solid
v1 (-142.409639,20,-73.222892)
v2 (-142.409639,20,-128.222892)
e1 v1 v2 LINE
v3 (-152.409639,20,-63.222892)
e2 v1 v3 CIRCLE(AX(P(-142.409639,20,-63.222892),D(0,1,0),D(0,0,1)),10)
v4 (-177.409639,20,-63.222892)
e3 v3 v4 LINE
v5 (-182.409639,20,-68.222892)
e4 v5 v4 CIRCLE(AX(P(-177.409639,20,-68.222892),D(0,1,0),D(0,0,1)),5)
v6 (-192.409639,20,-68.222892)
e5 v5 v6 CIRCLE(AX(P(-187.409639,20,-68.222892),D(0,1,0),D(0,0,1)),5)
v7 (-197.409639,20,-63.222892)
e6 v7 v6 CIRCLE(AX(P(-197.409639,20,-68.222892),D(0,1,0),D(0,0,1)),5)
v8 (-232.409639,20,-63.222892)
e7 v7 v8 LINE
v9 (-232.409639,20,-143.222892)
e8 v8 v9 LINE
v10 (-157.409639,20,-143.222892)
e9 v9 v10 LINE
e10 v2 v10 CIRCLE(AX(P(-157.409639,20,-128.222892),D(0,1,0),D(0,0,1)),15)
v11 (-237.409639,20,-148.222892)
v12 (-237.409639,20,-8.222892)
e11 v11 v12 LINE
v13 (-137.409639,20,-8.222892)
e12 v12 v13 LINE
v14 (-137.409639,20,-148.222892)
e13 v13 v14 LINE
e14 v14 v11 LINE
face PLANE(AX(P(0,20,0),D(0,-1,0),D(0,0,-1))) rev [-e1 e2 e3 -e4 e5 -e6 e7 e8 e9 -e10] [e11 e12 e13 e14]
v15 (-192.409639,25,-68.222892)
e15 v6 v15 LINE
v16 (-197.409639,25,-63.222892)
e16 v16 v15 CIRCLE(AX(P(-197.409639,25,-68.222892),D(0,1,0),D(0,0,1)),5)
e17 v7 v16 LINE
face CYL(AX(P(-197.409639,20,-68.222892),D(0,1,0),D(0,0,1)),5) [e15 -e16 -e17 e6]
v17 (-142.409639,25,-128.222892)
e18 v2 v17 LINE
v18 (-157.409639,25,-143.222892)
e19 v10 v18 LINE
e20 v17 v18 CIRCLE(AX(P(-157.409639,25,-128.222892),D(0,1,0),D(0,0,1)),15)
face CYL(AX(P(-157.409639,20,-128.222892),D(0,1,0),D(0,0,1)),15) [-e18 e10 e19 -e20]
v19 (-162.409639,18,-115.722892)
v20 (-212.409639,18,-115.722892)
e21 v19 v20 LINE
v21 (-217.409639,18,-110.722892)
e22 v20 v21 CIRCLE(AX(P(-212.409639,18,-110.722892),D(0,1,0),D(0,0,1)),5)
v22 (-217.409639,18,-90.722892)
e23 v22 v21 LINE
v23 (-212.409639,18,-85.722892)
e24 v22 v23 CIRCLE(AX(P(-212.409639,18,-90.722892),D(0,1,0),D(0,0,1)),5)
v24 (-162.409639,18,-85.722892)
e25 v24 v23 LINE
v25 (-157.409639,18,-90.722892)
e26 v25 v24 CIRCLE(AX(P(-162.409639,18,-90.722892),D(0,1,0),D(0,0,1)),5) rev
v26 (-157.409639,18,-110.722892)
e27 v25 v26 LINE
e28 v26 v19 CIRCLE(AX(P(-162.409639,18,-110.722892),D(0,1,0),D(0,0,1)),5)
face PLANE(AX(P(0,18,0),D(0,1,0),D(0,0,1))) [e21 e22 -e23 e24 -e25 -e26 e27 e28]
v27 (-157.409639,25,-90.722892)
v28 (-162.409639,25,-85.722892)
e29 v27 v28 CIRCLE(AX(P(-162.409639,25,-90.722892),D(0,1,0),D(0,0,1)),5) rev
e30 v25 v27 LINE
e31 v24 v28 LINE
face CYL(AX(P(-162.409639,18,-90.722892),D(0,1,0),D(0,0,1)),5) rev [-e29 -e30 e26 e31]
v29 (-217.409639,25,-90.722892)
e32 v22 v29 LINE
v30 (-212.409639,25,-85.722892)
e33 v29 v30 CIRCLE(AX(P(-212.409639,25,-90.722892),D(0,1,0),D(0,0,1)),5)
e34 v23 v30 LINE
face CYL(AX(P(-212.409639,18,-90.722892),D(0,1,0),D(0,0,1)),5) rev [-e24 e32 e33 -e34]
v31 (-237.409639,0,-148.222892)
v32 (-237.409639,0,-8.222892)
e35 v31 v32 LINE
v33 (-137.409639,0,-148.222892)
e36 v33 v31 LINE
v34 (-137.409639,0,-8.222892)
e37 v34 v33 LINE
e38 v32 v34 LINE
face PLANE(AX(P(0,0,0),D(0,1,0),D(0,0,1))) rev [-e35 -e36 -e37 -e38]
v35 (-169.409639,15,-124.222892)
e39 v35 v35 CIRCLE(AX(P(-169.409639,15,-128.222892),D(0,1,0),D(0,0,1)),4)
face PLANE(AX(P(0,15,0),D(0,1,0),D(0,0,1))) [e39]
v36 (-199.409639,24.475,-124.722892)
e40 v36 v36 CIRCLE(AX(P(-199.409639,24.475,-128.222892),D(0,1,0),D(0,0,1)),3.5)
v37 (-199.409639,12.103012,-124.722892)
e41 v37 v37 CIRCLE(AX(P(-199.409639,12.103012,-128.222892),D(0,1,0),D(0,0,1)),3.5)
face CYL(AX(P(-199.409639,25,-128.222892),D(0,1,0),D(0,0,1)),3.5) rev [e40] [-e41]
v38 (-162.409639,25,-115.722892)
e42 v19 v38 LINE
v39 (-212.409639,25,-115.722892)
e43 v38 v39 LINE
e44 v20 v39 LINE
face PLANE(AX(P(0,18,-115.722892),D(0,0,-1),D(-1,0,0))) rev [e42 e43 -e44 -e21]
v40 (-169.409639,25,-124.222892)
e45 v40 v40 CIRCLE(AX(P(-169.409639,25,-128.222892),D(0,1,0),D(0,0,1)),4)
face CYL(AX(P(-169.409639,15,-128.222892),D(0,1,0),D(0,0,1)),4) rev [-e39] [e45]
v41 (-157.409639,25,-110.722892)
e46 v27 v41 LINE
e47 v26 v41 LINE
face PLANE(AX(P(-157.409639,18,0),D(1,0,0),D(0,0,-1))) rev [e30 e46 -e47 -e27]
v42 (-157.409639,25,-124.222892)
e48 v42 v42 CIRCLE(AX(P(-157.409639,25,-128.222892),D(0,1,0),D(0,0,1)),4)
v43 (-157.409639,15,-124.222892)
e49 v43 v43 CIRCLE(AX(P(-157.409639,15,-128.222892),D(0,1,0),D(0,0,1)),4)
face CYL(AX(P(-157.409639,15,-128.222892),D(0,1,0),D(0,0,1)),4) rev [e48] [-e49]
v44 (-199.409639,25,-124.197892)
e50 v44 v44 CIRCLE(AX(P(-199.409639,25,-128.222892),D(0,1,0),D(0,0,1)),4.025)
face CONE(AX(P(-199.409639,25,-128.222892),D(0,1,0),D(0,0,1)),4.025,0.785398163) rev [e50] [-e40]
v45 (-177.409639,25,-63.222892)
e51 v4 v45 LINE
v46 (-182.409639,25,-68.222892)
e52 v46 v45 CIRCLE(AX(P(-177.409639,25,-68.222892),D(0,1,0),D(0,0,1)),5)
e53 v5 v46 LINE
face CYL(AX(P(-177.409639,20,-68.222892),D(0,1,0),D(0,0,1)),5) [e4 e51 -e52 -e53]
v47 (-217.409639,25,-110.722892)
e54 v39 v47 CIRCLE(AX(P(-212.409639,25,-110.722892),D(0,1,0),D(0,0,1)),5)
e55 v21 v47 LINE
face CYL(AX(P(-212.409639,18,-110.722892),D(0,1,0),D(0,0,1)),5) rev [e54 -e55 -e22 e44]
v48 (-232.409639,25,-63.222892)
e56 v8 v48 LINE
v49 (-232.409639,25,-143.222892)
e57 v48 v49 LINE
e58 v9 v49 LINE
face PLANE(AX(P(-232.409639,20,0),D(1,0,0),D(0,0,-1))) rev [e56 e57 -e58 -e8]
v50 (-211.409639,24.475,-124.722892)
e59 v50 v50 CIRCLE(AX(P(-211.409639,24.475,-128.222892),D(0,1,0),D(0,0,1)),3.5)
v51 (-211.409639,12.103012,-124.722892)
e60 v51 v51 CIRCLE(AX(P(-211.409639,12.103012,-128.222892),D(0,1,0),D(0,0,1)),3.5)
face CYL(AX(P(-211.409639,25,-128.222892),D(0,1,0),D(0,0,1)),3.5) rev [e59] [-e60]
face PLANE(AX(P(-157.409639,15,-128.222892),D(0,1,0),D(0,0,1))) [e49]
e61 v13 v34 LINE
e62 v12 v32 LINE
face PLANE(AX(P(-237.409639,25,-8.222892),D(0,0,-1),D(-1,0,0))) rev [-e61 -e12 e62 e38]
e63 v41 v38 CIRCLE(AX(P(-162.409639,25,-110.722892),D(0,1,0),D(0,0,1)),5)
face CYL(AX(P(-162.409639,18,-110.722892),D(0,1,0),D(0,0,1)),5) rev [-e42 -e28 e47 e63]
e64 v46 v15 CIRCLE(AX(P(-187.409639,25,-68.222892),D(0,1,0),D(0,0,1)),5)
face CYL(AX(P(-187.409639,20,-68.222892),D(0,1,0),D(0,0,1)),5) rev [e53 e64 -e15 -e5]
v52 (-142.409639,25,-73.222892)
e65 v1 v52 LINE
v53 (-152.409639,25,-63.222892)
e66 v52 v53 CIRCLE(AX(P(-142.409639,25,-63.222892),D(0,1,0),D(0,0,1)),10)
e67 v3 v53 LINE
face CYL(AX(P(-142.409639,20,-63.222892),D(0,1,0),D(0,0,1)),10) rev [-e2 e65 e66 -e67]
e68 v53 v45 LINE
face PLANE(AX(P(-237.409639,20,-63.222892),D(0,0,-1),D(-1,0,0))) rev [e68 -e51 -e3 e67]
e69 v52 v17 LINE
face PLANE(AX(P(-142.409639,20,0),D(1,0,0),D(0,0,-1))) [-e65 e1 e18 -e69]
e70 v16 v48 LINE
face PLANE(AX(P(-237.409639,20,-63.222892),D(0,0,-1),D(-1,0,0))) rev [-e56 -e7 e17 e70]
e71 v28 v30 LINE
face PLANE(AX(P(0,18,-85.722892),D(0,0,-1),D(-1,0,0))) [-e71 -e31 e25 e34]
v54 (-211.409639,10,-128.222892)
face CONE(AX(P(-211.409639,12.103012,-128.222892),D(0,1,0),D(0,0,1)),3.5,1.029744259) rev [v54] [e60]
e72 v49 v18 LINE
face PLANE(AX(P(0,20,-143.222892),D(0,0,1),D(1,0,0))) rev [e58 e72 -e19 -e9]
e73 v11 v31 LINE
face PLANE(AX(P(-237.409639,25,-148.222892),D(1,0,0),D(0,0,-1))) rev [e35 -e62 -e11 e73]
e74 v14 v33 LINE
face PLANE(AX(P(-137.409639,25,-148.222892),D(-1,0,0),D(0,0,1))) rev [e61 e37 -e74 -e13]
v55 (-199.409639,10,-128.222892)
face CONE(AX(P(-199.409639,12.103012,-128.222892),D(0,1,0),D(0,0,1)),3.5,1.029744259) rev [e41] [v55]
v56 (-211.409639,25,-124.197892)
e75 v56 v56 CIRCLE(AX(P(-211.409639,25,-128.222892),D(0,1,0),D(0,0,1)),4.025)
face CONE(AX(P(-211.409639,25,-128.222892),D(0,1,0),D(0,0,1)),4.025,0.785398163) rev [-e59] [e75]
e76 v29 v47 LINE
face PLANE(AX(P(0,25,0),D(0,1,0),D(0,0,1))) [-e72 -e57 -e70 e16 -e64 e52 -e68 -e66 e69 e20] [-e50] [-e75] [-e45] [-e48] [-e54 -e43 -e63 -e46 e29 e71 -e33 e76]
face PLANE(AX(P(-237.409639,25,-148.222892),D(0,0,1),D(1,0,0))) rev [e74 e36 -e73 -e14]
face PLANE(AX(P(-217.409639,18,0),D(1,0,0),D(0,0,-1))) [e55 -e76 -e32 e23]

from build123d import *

# Parameters (mm, degrees)
SKETCH1_W                       = 100
SKETCH1_H                       = 140
BOSS_EXTRUDE1_DEPTH             = 25
SKETCH2_W                       = 100
SKETCH2_H                       = 55
CUT_EXTRUDE1_DEPTH              = 5
CUT_EXTRUDE2_DEPTH              = 5
SKETCH5_R                       = 4
CUT_EXTRUDE3_DEPTH              = 10
M8X1_0_TAPPED_HOLE1_D           = 7
M8X1_0_TAPPED_HOLE1_DEPTH       = 12.896987833
M8X1_0_TAPPED_HOLE1_CSINK_D     = 8.05
M8X1_0_TAPPED_HOLE1_CSINK_ANGLE = 90
M8X1_0_TAPPED_HOLE1_TIP         = 2.103012167
CUT_EXTRUDE4_DEPTH              = 7


with BuildPart() as part:
    # Sketch1 → Boss-Extrude1 (new body)
    with BuildSketch(Plane(origin=(0, 0, 0), x_dir=(1, 0, 0), z_dir=(0, 1, 0))):
        with Locations((-187.409638554, 78.222891566)):
            Rectangle(SKETCH1_W, SKETCH1_H)
    extrude(amount=BOSS_EXTRUDE1_DEPTH)

    # Sketch2 → Cut-Extrude1 (cut)
    with BuildSketch(Plane(origin=(0, 25, 0), x_dir=(1, 0, 0), z_dir=(0, 1, 0))):
        with Locations((-187.409638554, 35.722891566)):
            Rectangle(SKETCH2_W, SKETCH2_H)
    extrude(amount=-CUT_EXTRUDE1_DEPTH, mode=Mode.SUBTRACT)

    # Sketch3 → Cut-Extrude2 (cut)
    with BuildSketch(Plane(origin=(0, 25, 0), x_dir=(1, 0, 0), z_dir=(0, 1, 0))):
        with BuildLine():
            Line((-237.409638554, 148.222891566), (-237.409638554, 63.222891566))
            Line((-237.409638554, 63.222891566), (-232.409638554, 63.222891566))
            Line((-232.409638554, 63.222891566), (-232.409638554, 143.222891566))
            Line((-232.409638554, 143.222891566), (-157.409638554, 143.222891566))
            ThreePointArc((-157.409638554, 143.222891566), (-146.803036836, 138.829493284), (-142.409638554, 128.222891566))
            Line((-142.409638554, 128.222891566), (-142.409638554, 73.222891566))
            ThreePointArc((-142.409638554, 73.222891566), (-149.480706366, 70.293959378), (-152.409638554, 63.222891566))
            Line((-152.409638554, 63.222891566), (-137.409638554, 63.222891566))
            Line((-137.409638554, 63.222891566), (-137.409638554, 148.222891566))
            Line((-137.409638554, 148.222891566), (-237.409638554, 148.222891566))
        make_face()
        with BuildLine():
            ThreePointArc((-192.409638554, 68.222891566), (-193.874104648, 64.68735766), (-197.409638554, 63.222891566))
            Line((-197.409638554, 63.222891566), (-177.409638554, 63.222891566))
            ThreePointArc((-177.409638554, 63.222891566), (-180.94517246, 64.68735766), (-182.409638554, 68.222891566))
            ThreePointArc((-182.409638554, 68.222891566), (-187.409638554, 73.222891566), (-192.409638554, 68.222891566))
        make_face()
    extrude(amount=-CUT_EXTRUDE2_DEPTH, mode=Mode.SUBTRACT)

    # Sketch5 → Cut-Extrude3 (cut)
    with BuildSketch(Plane(origin=(0, 25, 0), x_dir=(1, 0, 0), z_dir=(0, 1, 0))):
        with BuildLine():
            ThreePointArc((-165.409638554, 128.222891566), (-169.409638554, 132.222891566), (-173.409638554, 128.222891566))
            Line((-173.409638554, 128.222891566), (-169.409638554, 128.222891566))
            Line((-169.409638554, 128.222891566), (-165.409638554, 128.222891566))
        make_face()
        with BuildLine():
            Line((-169.409638554, 128.222891566), (-173.409638554, 128.222891566))
            ThreePointArc((-173.409638554, 128.222891566), (-169.409638554, 124.222891566), (-165.409638554, 128.222891566))
            Line((-165.409638554, 128.222891566), (-169.409638554, 128.222891566))
        make_face()
        with Locations(Location((-157.409638554, 128.222891566, 0), (0, 0, 270))):
            Circle(SKETCH5_R)
    extrude(amount=-CUT_EXTRUDE3_DEPTH, mode=Mode.SUBTRACT)

    # M8x1.0 Tapped Hole1
    with Locations(Plane(origin=(-211.409638554, 25, -128.222891566), x_dir=(0, 0, 1), z_dir=(0, 1, 0))):
        with Locations((0, 0), (0, 12)):
            CounterSinkHole(M8X1_0_TAPPED_HOLE1_D / 2, M8X1_0_TAPPED_HOLE1_CSINK_D / 2, depth=M8X1_0_TAPPED_HOLE1_DEPTH, counter_sink_angle=M8X1_0_TAPPED_HOLE1_CSINK_ANGLE)
            with Locations((0, 0, -(M8X1_0_TAPPED_HOLE1_DEPTH + M8X1_0_TAPPED_HOLE1_TIP / 2))):  # 118° drill point
                Cone(0, M8X1_0_TAPPED_HOLE1_D / 2, M8X1_0_TAPPED_HOLE1_TIP, mode=Mode.SUBTRACT)

    # Sketch13 → Cut-Extrude4 (cut)
    with BuildSketch(Plane(origin=(0, 25, 0), x_dir=(1, 0, 0), z_dir=(0, 1, 0))):
        with BuildLine():
            Line((-162.409638554, 85.722891566), (-212.409638554, 85.722891566))
            ThreePointArc((-212.409638554, 85.722891566), (-215.94517246, 87.18735766), (-217.409638554, 90.722891566))
            Line((-217.409638554, 90.722891566), (-217.409638554, 110.722891566))
            ThreePointArc((-217.409638554, 110.722891566), (-215.94517246, 114.258425472), (-212.409638554, 115.722891566))
            Line((-212.409638554, 115.722891566), (-162.409638554, 115.722891566))
            ThreePointArc((-162.409638554, 115.722891566), (-158.874104648, 114.258425472), (-157.409638554, 110.722891566))
            Line((-157.409638554, 110.722891566), (-157.409638554, 90.722891566))
            ThreePointArc((-157.409638554, 90.722891566), (-158.874104648, 87.18735766), (-162.409638554, 85.722891566))
        make_face()
    extrude(amount=-CUT_EXTRUDE4_DEPTH, mode=Mode.SUBTRACT)


solid = part.part
